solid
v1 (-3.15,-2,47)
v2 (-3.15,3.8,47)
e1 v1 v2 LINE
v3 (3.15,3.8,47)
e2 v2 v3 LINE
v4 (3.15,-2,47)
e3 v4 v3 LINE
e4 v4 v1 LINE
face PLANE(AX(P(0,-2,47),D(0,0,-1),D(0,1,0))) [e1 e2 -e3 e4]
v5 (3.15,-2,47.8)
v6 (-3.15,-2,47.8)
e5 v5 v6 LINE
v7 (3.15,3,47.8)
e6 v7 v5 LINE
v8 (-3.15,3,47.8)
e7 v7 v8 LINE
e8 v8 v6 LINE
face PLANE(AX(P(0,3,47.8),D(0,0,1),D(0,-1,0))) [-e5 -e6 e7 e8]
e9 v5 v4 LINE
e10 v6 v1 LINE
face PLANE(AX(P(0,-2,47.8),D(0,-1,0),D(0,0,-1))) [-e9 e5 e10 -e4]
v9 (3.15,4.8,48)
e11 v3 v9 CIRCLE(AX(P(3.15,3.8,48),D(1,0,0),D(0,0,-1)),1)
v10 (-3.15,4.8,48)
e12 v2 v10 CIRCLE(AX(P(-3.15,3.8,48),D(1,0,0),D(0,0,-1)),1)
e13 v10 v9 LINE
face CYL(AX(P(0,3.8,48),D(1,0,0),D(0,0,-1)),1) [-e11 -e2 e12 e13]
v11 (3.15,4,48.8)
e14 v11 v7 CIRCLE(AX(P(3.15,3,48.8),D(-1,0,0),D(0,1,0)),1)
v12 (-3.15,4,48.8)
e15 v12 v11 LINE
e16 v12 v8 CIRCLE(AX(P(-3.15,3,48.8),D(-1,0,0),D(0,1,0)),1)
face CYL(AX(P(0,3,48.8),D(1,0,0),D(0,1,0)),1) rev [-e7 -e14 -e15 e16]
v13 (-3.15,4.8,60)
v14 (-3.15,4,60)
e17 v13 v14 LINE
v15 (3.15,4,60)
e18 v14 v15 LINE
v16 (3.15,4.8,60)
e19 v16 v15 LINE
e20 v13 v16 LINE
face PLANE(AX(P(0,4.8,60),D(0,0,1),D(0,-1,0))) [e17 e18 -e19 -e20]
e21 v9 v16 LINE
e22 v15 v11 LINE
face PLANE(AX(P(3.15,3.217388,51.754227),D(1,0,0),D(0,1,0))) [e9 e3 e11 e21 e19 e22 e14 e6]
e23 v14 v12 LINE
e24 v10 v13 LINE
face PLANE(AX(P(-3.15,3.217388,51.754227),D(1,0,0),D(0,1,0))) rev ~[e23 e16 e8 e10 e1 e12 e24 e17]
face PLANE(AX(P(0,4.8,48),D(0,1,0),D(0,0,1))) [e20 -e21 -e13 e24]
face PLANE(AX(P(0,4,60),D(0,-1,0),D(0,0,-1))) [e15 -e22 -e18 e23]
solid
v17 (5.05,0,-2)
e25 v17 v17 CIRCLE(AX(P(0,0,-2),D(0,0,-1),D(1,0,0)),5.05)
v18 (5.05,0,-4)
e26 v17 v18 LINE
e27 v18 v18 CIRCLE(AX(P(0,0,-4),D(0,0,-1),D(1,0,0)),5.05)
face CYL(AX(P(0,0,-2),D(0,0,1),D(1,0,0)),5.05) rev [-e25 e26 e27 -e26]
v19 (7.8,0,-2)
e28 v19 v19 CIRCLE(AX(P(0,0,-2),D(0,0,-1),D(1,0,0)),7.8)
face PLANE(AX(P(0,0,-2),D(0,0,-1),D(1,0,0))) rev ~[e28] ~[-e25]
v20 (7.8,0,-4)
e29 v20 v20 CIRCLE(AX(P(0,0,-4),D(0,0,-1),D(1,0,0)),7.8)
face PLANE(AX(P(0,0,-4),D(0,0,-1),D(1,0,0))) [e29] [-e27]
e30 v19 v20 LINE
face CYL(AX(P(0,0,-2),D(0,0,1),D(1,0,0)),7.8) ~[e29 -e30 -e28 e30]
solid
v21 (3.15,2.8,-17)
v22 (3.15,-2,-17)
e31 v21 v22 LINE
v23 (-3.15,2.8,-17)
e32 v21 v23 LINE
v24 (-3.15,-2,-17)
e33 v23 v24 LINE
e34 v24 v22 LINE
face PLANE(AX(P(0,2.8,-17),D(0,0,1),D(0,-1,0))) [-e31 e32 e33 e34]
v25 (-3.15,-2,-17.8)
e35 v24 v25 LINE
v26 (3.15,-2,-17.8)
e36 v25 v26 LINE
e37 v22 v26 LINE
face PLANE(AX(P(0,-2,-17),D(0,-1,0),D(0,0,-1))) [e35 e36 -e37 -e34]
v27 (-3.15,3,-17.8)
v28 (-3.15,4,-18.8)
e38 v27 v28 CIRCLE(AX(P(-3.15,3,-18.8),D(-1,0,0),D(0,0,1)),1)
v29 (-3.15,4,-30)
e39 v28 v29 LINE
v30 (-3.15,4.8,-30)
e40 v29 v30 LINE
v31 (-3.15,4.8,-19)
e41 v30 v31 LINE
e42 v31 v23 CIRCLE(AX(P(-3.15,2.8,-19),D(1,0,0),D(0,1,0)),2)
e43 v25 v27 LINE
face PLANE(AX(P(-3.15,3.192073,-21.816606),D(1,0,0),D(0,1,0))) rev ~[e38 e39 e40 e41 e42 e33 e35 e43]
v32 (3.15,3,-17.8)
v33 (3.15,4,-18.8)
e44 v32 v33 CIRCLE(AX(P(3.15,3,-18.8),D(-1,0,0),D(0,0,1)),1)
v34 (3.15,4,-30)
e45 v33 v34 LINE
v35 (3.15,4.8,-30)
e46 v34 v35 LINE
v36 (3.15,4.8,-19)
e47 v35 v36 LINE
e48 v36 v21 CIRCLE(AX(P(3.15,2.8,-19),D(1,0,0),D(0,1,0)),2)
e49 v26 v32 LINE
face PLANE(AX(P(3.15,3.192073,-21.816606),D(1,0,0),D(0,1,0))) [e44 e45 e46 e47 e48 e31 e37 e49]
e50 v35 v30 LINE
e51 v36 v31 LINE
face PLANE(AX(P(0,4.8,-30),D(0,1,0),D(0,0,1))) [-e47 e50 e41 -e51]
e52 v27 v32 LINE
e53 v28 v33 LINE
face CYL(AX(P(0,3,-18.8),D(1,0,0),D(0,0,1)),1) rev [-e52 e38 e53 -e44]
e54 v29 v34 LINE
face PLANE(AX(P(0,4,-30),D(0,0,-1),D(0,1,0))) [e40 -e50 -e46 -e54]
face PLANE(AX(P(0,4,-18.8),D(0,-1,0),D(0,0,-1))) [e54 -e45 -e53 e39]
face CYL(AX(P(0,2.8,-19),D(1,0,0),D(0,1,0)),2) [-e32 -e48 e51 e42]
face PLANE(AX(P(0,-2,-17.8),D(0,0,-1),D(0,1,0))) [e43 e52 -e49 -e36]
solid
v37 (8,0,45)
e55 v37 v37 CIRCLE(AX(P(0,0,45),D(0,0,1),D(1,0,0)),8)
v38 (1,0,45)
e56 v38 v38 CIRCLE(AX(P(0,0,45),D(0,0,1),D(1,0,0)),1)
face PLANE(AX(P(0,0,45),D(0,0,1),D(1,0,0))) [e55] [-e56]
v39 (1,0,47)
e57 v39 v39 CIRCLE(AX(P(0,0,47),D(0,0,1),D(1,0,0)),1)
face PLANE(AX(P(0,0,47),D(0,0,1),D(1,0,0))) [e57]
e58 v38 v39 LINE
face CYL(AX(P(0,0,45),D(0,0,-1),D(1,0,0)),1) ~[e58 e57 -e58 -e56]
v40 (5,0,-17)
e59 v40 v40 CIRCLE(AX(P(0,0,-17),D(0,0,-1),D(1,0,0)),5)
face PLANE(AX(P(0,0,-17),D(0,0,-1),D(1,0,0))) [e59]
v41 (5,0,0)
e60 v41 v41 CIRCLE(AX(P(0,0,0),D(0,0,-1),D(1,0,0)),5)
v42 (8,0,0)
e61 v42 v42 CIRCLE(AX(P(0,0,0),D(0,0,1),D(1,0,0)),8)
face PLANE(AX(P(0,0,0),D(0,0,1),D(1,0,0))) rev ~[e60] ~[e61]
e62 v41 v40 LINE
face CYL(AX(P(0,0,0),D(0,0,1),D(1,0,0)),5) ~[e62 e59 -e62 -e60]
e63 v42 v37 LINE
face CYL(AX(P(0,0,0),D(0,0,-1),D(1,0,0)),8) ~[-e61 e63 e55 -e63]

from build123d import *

# Parameters (mm, degrees)
F0_R     = 8
F1_DEPTH = 45
F2_R     = 5
F3_DEPTH = 17
F5_START = 2
F4_R     = 7.8
F4_R_2   = 5.05
F5_DEPTH = 2
F6_R     = 1
F7_DEPTH = 2
F9_DEPTH = 3.15


with BuildPart() as f1:
    # F0 (on Top) → F1 (new body)
    with BuildSketch(Plane.XY):
        Circle(F0_R)
    extrude(amount=F1_DEPTH)

    # F2 (on face) → F3 (join)
    with BuildSketch(Plane(origin=(0, 0, 0), x_dir=(1, 0, 0), z_dir=(0, 0, -1))):
        Circle(F2_R)
    extrude(amount=F3_DEPTH)

    # F6 (on face) → F7 (join)
    with BuildSketch(Plane.XY.offset(45)):
        Circle(F6_R)
    extrude(amount=F7_DEPTH)


with BuildPart() as f5:
    # F4 (on face) → F5 (new body)
    with BuildSketch(Plane(origin=(0, 0, 0), x_dir=(1, 0, 0), z_dir=(0, 0, -1)).offset(F5_START)):
        Circle(F4_R)
        Circle(F4_R_2, mode=Mode.SUBTRACT)
    extrude(amount=F5_DEPTH)


with BuildPart() as f9:
    # F8 (on Right) → F9 (new body, symmetric)
    with BuildSketch(Plane.YZ):
        with BuildLine():
            Line((-2, 47), (0, 47))
            Line((0, 47), (3.8, 47))
            ThreePointArc((3.8, 47), (4.5071067812, 47.2928932188), (4.8, 48))
            Line((4.8, 48), (4.8, 60))
            Line((4.8, 60), (4, 60))
            Line((4, 60), (4, 48.8))
            ThreePointArc((4, 48.8), (3.7071067812, 48.0928932188), (3, 47.8))
            Line((3, 47.8), (-2, 47.8))
            Line((-2, 47.8), (-2, 47))
        make_face()
    extrude(amount=F9_DEPTH, both=True)


with BuildPart() as f9b:
    # F8 (on Right) → F9, piece 2 (new body, symmetric)
    with BuildSketch(Plane.YZ):
        with BuildLine():
            Line((2.8, -17), (-2, -17))
            Line((-2, -17), (-2, -17.8))
            Line((-2, -17.8), (3, -17.8))
            ThreePointArc((3, -17.8), (3.7071067812, -18.0928932188), (4, -18.8))
            Line((4, -18.8), (4, -30))
            Line((4, -30), (4.8, -30))
            Line((4.8, -30), (4.8, -19))
            ThreePointArc((4.8, -19), (4.2142135624, -17.5857864376), (2.8, -17))
        make_face()
    extrude(amount=F9_DEPTH, both=True)


solid = Compound([f1.part, f5.part, f9.part, f9b.part])
